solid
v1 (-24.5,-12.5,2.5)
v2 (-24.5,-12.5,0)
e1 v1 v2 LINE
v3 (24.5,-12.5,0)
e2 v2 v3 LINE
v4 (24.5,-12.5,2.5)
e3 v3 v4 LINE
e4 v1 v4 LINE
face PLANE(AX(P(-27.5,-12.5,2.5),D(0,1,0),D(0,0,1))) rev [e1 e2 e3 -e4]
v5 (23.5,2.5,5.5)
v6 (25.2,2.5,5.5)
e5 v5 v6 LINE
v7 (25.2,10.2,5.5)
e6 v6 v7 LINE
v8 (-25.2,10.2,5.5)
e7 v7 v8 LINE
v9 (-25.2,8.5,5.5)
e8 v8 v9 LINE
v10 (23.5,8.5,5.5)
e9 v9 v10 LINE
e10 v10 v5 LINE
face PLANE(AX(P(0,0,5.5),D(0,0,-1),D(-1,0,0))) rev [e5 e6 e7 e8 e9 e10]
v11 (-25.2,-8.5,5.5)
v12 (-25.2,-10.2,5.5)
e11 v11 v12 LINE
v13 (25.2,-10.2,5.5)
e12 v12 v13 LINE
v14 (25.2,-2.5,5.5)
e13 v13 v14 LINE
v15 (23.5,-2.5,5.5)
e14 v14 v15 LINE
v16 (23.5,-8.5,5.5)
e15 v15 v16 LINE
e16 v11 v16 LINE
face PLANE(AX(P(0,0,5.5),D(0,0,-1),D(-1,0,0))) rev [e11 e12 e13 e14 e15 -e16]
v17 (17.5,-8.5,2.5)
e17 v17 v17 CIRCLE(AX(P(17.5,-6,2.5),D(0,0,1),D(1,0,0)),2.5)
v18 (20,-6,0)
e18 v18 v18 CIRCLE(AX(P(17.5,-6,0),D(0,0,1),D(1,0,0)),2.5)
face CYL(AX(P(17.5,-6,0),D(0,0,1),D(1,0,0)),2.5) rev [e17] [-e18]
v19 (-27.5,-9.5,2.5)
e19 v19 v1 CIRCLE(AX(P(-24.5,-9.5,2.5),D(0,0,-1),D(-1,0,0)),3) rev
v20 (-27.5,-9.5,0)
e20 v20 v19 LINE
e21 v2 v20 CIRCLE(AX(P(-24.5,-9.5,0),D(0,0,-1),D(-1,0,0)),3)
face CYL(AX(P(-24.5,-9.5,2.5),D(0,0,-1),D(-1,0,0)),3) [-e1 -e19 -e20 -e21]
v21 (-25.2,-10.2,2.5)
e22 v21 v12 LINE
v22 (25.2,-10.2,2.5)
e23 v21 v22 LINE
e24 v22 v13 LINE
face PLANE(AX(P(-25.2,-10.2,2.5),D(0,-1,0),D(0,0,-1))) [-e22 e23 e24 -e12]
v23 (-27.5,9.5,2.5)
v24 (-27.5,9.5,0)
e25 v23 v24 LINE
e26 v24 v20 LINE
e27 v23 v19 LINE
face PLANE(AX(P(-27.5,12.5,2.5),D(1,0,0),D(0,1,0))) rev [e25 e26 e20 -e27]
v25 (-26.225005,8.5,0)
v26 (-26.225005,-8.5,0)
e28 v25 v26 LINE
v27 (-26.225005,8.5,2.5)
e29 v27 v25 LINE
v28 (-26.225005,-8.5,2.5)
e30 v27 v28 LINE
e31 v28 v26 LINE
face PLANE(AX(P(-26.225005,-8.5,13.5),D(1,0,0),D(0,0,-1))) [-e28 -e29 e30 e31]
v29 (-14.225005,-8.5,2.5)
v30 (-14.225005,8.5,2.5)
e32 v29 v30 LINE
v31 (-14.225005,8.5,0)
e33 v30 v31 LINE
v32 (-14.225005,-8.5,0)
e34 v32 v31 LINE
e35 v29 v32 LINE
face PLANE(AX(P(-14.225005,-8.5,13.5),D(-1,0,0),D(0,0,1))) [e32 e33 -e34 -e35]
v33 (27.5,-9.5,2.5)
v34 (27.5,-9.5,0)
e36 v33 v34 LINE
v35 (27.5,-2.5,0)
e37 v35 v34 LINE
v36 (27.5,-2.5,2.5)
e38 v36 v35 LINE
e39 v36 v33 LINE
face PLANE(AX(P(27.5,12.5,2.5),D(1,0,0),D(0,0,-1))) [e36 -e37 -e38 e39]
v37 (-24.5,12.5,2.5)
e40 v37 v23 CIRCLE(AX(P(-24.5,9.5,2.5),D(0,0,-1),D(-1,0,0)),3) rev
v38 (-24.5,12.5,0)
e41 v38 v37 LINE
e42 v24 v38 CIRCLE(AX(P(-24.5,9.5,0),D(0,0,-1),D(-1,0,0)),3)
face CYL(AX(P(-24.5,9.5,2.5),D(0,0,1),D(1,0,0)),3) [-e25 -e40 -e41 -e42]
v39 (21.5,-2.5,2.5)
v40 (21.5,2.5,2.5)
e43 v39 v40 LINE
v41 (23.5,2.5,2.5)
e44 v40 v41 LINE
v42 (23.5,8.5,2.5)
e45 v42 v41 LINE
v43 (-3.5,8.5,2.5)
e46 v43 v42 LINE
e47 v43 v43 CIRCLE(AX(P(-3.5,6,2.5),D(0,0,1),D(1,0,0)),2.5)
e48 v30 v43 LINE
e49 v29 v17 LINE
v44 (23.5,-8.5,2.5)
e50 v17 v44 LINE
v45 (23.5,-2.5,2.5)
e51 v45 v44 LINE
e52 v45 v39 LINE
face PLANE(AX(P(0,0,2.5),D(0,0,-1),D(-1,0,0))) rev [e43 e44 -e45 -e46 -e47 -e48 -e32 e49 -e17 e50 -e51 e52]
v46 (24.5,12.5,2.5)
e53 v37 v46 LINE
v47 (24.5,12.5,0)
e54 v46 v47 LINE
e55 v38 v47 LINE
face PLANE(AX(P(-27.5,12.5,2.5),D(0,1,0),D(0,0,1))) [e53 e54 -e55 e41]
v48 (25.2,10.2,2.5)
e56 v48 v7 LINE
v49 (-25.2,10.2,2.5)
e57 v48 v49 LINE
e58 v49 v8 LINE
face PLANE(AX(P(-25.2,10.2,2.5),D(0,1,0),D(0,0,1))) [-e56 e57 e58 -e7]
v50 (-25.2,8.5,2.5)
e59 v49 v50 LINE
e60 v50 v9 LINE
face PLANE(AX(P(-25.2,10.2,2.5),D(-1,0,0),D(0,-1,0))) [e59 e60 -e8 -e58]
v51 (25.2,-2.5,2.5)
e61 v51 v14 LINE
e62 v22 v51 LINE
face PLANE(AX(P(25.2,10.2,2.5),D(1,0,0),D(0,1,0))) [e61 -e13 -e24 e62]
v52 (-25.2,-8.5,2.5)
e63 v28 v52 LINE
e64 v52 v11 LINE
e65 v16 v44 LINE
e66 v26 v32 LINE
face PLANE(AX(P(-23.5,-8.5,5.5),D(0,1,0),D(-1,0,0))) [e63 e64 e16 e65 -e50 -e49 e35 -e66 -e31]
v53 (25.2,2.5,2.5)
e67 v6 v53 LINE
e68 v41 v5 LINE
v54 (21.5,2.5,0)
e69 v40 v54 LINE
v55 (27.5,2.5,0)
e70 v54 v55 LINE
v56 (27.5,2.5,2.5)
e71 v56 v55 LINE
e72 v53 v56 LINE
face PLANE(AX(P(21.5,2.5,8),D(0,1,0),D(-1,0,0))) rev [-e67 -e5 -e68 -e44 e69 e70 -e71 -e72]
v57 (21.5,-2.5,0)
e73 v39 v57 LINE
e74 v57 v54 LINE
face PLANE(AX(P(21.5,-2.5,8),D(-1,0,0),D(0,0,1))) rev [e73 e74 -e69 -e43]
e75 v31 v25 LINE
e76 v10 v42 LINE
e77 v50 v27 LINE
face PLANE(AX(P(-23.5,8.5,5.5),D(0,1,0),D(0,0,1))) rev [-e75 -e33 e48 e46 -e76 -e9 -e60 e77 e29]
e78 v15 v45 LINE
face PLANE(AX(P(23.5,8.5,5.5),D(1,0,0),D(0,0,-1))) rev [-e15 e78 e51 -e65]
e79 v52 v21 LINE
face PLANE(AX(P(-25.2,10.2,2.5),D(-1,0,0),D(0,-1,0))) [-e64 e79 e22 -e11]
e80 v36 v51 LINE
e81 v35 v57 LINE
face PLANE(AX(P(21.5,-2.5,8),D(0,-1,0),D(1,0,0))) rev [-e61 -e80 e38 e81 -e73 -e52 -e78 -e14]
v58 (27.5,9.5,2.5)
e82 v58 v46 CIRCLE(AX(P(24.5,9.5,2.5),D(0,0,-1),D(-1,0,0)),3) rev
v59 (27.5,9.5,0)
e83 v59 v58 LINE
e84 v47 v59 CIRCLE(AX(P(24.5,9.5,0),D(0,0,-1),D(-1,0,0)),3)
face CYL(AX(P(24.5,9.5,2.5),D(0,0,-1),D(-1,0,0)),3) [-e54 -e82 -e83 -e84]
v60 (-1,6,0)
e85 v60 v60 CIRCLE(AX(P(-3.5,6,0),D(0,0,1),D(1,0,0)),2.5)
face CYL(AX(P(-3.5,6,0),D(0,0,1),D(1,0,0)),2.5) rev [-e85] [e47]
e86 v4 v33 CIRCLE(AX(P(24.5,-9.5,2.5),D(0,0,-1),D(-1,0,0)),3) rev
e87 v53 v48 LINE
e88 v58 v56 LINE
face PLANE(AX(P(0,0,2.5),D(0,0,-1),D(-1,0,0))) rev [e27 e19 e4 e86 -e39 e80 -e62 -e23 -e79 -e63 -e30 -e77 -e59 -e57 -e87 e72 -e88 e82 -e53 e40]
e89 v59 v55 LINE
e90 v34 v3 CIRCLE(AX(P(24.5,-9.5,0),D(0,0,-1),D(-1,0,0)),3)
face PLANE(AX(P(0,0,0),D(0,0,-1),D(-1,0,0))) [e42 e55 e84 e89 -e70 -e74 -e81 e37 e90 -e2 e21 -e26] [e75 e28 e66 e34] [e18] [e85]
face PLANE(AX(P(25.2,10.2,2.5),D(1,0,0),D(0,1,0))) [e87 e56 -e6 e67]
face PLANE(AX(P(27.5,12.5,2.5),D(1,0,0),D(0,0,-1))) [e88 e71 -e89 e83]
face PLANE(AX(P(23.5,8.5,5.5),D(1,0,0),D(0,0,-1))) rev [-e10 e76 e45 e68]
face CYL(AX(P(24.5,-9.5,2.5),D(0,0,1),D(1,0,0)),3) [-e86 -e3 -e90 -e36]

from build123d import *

# Parameters (mm, degrees)
CROQUIS1_W                 = 55
CROQUIS1_H                 = 25
SALIENTE_EXTRUIR1_DEPTH    = 2.5
CROQUIS7_W                 = 51
CROQUIS7_H                 = 21
CROQUIS7_W_2               = 47
CROQUIS7_H_2               = 17
SALIENTE_EXTRUIR4_DEPTH    = 3
REDONDEO2_R                = 3
CROQUIS8_W                 = 12
CROQUIS8_H                 = 17
CORTAR_EXTRUIR5_DEPTH      = 11
CORTAR_EXTRUIR5_DEPTH_BACK = 8
CROQUIS9_W                 = 6
CROQUIS9_H                 = 5
CORTAR_EXTRUIR6_DEPTH      = 8
CROQUIS11_R                = 2.5
CORTAR_EXTRUIR8_DEPTH      = 3.5
CROQUIS12_W                = 51
CROQUIS12_H                = 21
CROQUIS12_W_2              = 50.4
CROQUIS12_H_2              = 20.4
CORTAR_EXTRUIR11_DEPTH     = 3


with BuildPart() as part:
    # Croquis1 → Saliente-Extruir1 (new body)
    with BuildSketch(Plane.XY):
        Rectangle(CROQUIS1_W, CROQUIS1_H)
    extrude(amount=SALIENTE_EXTRUIR1_DEPTH)

    # Croquis7 → Saliente-Extruir4 (add)
    with BuildSketch(Plane.XY.offset(2.5)):
        Rectangle(CROQUIS7_W, CROQUIS7_H)
        Rectangle(CROQUIS7_W_2, CROQUIS7_H_2, mode=Mode.SUBTRACT)
    extrude(amount=SALIENTE_EXTRUIR4_DEPTH)

    # Redondeo2
    redondeo2_edges = [part.edges().sort_by_distance(p)[0] for p in [
        (-27.5, -12.5, 1.25),
        (-27.5, 12.5, 1.25),
        (27.5, 12.5, 1.25),
        (27.5, -12.5, 1.25),
    ]]
    fillet(redondeo2_edges, radius=REDONDEO2_R)

    # Croquis8 → Cortar-Extruir5 (cut, two sides)
    with BuildSketch(Plane.XY.offset(2.5)) as cortar_extruir5_sk:
        with Locations((-20.225004992, 0)):
            Rectangle(CROQUIS8_W, CROQUIS8_H)
    extrude(amount=CORTAR_EXTRUIR5_DEPTH, mode=Mode.SUBTRACT)
    extrude(cortar_extruir5_sk.sketch, amount=-CORTAR_EXTRUIR5_DEPTH_BACK, mode=Mode.SUBTRACT)

    # Croquis9 → Cortar-Extruir6 (cut)
    with BuildSketch(Plane(origin=(0, 0, 0), x_dir=(-1, 0, 0), z_dir=(0, 0, -1))):
        with Locations((-24.5, 0)):
            Rectangle(CROQUIS9_W, CROQUIS9_H)
    extrude(amount=-CORTAR_EXTRUIR6_DEPTH, mode=Mode.SUBTRACT)

    # Croquis11 → Cortar-Extruir8 (cut, through all)
    with BuildSketch(Plane.XY.offset(2.5)):
        with Locations((-3.5, 6)):
            Circle(CROQUIS11_R)
        with Locations((17.5, -6)):
            Circle(CROQUIS11_R)
    extrude(amount=-CORTAR_EXTRUIR8_DEPTH, mode=Mode.SUBTRACT)

    # Croquis12 → Cortar-Extruir11 (cut)
    with BuildSketch(Plane.XY.offset(5.5)):
        Rectangle(CROQUIS12_W, CROQUIS12_H)
        Rectangle(CROQUIS12_W_2, CROQUIS12_H_2, mode=Mode.SUBTRACT)
    extrude(amount=-CORTAR_EXTRUIR11_DEPTH, mode=Mode.SUBTRACT)


solid = part.part
